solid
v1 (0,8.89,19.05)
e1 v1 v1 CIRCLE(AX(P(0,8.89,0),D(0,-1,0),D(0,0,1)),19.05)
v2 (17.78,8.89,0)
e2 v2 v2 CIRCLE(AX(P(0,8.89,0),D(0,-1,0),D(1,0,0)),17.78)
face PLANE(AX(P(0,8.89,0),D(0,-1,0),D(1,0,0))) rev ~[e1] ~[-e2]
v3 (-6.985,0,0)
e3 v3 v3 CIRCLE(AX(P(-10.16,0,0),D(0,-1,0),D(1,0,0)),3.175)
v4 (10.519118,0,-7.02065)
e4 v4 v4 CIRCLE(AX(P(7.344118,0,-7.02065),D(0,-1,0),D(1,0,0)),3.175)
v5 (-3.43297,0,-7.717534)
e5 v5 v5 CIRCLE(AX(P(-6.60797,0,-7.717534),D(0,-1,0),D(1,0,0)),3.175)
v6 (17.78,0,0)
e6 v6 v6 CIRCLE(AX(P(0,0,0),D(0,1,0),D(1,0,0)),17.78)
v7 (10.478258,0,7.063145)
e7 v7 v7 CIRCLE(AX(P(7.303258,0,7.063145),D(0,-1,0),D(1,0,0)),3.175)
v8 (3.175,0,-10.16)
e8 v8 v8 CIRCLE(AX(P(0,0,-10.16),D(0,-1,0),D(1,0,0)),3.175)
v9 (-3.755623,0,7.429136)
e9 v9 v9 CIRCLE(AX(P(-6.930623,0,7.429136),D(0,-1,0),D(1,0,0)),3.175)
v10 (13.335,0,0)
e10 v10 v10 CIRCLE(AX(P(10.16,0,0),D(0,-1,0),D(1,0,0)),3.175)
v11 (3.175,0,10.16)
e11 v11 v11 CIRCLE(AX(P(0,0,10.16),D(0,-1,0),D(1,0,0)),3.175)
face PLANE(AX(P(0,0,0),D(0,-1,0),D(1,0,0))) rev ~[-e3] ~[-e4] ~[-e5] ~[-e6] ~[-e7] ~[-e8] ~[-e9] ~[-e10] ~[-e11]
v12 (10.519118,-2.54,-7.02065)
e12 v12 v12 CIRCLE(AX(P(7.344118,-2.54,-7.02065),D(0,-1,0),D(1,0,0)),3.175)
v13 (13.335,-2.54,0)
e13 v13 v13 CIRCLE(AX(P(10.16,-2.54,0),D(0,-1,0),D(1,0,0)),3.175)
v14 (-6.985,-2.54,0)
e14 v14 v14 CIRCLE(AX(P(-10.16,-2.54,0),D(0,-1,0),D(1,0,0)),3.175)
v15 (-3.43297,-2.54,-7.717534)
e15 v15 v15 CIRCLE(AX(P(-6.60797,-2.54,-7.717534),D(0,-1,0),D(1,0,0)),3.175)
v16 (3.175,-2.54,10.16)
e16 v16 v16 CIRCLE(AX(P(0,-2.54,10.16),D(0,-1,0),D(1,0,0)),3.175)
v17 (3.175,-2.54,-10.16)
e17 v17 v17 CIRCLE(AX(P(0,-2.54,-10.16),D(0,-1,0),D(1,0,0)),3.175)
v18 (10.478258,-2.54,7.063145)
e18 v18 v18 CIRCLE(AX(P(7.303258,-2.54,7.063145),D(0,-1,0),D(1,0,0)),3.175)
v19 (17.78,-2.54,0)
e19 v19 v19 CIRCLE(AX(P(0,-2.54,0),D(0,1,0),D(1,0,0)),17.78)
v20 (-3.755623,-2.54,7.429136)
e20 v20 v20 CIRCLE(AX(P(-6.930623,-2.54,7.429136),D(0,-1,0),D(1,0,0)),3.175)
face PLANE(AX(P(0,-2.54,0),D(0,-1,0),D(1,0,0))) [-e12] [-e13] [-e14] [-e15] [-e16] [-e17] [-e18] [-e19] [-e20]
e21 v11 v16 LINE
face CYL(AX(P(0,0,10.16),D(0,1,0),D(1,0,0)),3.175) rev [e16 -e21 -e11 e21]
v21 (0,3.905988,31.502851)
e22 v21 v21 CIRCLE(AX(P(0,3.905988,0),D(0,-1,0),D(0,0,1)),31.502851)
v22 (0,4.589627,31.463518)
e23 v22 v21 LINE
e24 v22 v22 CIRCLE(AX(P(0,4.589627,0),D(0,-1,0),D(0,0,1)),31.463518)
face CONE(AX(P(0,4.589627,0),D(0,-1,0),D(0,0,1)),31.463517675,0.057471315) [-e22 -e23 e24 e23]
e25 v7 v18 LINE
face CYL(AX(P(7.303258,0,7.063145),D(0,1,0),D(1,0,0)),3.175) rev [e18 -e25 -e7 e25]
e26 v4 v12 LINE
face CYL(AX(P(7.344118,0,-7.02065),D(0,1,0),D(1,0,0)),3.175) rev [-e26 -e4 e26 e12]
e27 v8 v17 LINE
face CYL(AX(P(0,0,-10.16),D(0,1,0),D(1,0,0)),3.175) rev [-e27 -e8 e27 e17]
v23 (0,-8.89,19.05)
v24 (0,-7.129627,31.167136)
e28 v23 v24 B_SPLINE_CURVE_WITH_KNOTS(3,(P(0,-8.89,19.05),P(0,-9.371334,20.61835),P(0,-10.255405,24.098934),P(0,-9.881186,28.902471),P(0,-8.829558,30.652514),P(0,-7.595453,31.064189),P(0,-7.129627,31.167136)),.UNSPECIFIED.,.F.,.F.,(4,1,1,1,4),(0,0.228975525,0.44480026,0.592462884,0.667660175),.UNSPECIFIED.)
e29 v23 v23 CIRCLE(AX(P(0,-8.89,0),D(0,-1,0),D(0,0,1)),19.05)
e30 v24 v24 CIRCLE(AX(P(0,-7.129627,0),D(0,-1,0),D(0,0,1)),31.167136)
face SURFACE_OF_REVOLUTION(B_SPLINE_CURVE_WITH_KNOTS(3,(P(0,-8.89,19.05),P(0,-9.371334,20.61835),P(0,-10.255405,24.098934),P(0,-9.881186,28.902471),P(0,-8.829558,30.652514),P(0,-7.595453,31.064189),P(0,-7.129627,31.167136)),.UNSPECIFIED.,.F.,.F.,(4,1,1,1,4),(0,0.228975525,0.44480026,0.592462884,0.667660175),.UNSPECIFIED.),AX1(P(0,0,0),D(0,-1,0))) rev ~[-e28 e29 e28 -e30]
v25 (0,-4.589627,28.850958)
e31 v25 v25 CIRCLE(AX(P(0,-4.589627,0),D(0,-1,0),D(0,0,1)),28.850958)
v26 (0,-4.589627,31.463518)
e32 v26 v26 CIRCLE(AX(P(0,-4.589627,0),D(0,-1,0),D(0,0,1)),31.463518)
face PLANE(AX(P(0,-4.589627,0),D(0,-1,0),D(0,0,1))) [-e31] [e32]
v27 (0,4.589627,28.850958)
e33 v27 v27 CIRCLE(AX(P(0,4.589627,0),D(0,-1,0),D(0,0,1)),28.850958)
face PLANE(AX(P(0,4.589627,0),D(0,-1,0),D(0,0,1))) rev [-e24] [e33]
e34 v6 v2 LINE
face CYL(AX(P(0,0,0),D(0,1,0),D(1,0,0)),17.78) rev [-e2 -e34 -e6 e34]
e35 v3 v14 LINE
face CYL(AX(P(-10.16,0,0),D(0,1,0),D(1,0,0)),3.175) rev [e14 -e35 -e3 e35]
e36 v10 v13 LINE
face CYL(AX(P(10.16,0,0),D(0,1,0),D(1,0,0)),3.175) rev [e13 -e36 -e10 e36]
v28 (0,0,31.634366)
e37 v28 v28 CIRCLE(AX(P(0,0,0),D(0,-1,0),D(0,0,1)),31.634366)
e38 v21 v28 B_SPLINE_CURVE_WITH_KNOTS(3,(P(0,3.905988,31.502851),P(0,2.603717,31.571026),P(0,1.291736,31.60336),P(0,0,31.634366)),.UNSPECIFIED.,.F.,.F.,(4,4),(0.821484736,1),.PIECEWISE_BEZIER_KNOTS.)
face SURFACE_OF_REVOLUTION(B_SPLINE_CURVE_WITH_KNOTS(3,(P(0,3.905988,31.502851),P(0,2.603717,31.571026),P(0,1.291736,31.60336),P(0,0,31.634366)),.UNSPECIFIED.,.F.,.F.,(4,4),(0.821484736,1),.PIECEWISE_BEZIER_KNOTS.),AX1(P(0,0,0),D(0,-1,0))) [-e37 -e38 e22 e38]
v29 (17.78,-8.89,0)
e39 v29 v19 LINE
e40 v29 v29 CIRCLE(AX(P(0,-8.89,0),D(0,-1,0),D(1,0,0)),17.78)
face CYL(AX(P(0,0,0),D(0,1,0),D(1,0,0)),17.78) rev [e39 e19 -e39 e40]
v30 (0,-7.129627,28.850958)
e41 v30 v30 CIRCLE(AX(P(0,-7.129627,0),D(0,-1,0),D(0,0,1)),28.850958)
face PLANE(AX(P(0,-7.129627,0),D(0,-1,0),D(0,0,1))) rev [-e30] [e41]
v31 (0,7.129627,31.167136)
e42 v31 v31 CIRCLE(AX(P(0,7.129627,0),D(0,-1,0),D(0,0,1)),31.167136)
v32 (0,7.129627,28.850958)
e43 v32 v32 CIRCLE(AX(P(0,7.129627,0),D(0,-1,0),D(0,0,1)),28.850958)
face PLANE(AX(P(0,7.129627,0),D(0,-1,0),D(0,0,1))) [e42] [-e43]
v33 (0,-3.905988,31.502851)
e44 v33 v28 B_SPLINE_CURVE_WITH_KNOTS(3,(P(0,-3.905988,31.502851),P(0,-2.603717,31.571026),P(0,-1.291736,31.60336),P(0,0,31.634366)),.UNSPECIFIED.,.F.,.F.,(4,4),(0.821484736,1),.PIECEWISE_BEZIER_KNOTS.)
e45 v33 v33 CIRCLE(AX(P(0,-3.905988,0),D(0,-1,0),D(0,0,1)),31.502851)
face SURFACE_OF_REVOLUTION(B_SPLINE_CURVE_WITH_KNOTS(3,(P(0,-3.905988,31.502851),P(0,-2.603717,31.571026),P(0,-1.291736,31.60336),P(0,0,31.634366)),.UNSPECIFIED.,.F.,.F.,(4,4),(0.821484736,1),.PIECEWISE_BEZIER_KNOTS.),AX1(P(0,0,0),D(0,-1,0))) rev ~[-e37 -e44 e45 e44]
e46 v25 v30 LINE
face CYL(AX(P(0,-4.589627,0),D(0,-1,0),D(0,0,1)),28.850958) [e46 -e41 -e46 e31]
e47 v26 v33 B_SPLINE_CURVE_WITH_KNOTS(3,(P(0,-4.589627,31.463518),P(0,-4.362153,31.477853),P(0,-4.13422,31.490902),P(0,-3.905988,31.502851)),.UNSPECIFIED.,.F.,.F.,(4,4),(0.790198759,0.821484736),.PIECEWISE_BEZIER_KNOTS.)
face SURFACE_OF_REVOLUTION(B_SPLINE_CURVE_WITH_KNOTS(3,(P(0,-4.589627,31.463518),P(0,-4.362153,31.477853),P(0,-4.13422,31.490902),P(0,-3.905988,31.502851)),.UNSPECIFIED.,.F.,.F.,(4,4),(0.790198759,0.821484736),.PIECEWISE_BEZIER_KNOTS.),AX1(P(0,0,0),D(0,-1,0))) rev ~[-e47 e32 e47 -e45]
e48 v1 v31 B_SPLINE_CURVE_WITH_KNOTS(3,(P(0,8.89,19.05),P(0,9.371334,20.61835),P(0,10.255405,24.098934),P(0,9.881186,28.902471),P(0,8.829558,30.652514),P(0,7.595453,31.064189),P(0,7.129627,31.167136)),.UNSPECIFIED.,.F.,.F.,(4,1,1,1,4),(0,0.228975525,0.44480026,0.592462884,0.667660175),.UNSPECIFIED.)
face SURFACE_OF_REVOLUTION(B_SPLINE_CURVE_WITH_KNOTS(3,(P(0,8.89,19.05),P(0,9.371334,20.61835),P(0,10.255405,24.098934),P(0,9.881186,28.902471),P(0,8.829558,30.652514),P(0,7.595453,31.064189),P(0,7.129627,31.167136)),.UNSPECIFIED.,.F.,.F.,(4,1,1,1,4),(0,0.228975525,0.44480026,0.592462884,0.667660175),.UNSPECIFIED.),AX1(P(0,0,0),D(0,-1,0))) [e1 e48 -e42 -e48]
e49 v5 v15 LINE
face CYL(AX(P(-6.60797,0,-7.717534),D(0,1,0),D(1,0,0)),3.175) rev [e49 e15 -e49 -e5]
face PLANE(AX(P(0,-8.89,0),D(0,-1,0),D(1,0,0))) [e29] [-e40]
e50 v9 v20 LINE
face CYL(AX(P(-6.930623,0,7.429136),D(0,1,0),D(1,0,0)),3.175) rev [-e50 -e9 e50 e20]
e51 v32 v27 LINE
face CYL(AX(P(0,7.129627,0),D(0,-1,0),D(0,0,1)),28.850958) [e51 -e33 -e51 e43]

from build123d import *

# Parameters (mm, degrees)
F0_R     = 19.05
F0_R_2   = 17.78
F1_DEPTH = 8.89
F2_R     = 19.05
F2_R_2   = 3.175
F3_DEPTH = 2.54


with BuildPart() as f1:
    # F0 (on Front) → F1 (new body, symmetric)
    with BuildSketch(Plane.XZ):
        Circle(F0_R)
        Circle(F0_R_2, mode=Mode.SUBTRACT)
    extrude(amount=F1_DEPTH, both=True)

    # F2 (on Front) → F3 (join)
    with BuildSketch(Plane.XZ):
        Circle(F2_R)
        with Locations((-6.6079698966, -7.7175341817)):
            Circle(F2_R_2, mode=Mode.SUBTRACT)
        with Locations((0, -10.16)):
            Circle(F2_R_2, mode=Mode.SUBTRACT)
        with Locations((7.344118442, -7.0206498495)):
            Circle(F2_R_2, mode=Mode.SUBTRACT)
        with Locations((-10.16, 0)):
            Circle(F2_R_2, mode=Mode.SUBTRACT)
        with Locations((-6.9306228705, 7.4291363311)):
            Circle(F2_R_2, mode=Mode.SUBTRACT)
        with Locations((7.3032579686, 7.0631454073)):
            Circle(F2_R_2, mode=Mode.SUBTRACT)
        with Locations((10.16, 0)):
            Circle(F2_R_2, mode=Mode.SUBTRACT)
        with Locations((0, 10.16)):
            Circle(F2_R_2, mode=Mode.SUBTRACT)
    extrude(amount=F3_DEPTH)

    # F4 (on Right) → F5 (revolve)
    with BuildSketch(Plane.YZ):
        with BuildLine():
            Line((-8.89, 19.05), (8.89, 19.05))
            add(Edge.make_bspline(
                [(8.89, 19.05), (9.3713340969, 20.6183499433), (10.2554052593, 24.0989340461), (9.8811858293, 28.9024713894), (8.8295577156, 30.6525136314), (7.595453206, 31.0641886466), (7.1296267618, 31.1671363555)],
                knots=[0, 0, 0, 0, 0.2289755249, 0.4448002595, 0.5924628836, 0.6676601749, 0.6676601749, 0.6676601749, 0.6676601749], degree=3))
            Line((7.1296267618, 31.1671363555), (7.1296267618, 28.8509575848))
            Line((7.1296267618, 28.8509575848), (4.5896267618, 28.8509575848))
            Line((4.5896267618, 28.8509575848), (4.5896267618, 31.4635176745))
            Line((4.5896267618, 31.4635176745), (3.9059881692, 31.502850598))
            add(Edge.make_bspline(
                [(3.9059881692, 31.502850598), (2.6037174326, 31.5710260027), (1.2917363881, 31.603360188), (0, 31.634365768)],
                knots=[0.8214847357, 0.8214847357, 0.8214847357, 0.8214847357, 1, 1, 1, 1], degree=3))
            add(Edge.make_bspline(
                [(-3.9059881692, 31.502850598), (-2.6037174326, 31.5710260027), (-1.2917363881, 31.603360188), (0, 31.634365768)],
                knots=[0.8214847357, 0.8214847357, 0.8214847357, 0.8214847357, 1, 1, 1, 1], degree=3))
            add(Edge.make_bspline(
                [(-4.5896267618, 31.4635176745), (-4.3621529799, 31.4778533614), (-4.1342197, 31.490902409), (-3.9059881692, 31.502850598)],
                knots=[0.7901987589, 0.7901987589, 0.7901987589, 0.7901987589, 0.8214847357, 0.8214847357, 0.8214847357, 0.8214847357], degree=3))
            Line((-4.5896267618, 31.4635176745), (-4.5896267618, 28.8509575848))
            Line((-4.5896267618, 28.8509575848), (-7.1296267618, 28.8509575848))
            Line((-7.1296267618, 28.8509575848), (-7.1296267618, 31.1671363555))
            add(Edge.make_bspline(
                [(-8.89, 19.05), (-9.3713340969, 20.6183499433), (-10.2554052593, 24.0989340461), (-9.8811858293, 28.9024713894), (-8.8295577156, 30.6525136314), (-7.595453206, 31.0641886466), (-7.1296267618, 31.1671363555)],
                knots=[0, 0, 0, 0, 0.2289755249, 0.4448002595, 0.5924628836, 0.6676601749, 0.6676601749, 0.6676601749, 0.6676601749], degree=3))
        make_face()
    revolve(axis=Axis((0, 0, 0), (0, -1, 0)))


solid = f1.part
